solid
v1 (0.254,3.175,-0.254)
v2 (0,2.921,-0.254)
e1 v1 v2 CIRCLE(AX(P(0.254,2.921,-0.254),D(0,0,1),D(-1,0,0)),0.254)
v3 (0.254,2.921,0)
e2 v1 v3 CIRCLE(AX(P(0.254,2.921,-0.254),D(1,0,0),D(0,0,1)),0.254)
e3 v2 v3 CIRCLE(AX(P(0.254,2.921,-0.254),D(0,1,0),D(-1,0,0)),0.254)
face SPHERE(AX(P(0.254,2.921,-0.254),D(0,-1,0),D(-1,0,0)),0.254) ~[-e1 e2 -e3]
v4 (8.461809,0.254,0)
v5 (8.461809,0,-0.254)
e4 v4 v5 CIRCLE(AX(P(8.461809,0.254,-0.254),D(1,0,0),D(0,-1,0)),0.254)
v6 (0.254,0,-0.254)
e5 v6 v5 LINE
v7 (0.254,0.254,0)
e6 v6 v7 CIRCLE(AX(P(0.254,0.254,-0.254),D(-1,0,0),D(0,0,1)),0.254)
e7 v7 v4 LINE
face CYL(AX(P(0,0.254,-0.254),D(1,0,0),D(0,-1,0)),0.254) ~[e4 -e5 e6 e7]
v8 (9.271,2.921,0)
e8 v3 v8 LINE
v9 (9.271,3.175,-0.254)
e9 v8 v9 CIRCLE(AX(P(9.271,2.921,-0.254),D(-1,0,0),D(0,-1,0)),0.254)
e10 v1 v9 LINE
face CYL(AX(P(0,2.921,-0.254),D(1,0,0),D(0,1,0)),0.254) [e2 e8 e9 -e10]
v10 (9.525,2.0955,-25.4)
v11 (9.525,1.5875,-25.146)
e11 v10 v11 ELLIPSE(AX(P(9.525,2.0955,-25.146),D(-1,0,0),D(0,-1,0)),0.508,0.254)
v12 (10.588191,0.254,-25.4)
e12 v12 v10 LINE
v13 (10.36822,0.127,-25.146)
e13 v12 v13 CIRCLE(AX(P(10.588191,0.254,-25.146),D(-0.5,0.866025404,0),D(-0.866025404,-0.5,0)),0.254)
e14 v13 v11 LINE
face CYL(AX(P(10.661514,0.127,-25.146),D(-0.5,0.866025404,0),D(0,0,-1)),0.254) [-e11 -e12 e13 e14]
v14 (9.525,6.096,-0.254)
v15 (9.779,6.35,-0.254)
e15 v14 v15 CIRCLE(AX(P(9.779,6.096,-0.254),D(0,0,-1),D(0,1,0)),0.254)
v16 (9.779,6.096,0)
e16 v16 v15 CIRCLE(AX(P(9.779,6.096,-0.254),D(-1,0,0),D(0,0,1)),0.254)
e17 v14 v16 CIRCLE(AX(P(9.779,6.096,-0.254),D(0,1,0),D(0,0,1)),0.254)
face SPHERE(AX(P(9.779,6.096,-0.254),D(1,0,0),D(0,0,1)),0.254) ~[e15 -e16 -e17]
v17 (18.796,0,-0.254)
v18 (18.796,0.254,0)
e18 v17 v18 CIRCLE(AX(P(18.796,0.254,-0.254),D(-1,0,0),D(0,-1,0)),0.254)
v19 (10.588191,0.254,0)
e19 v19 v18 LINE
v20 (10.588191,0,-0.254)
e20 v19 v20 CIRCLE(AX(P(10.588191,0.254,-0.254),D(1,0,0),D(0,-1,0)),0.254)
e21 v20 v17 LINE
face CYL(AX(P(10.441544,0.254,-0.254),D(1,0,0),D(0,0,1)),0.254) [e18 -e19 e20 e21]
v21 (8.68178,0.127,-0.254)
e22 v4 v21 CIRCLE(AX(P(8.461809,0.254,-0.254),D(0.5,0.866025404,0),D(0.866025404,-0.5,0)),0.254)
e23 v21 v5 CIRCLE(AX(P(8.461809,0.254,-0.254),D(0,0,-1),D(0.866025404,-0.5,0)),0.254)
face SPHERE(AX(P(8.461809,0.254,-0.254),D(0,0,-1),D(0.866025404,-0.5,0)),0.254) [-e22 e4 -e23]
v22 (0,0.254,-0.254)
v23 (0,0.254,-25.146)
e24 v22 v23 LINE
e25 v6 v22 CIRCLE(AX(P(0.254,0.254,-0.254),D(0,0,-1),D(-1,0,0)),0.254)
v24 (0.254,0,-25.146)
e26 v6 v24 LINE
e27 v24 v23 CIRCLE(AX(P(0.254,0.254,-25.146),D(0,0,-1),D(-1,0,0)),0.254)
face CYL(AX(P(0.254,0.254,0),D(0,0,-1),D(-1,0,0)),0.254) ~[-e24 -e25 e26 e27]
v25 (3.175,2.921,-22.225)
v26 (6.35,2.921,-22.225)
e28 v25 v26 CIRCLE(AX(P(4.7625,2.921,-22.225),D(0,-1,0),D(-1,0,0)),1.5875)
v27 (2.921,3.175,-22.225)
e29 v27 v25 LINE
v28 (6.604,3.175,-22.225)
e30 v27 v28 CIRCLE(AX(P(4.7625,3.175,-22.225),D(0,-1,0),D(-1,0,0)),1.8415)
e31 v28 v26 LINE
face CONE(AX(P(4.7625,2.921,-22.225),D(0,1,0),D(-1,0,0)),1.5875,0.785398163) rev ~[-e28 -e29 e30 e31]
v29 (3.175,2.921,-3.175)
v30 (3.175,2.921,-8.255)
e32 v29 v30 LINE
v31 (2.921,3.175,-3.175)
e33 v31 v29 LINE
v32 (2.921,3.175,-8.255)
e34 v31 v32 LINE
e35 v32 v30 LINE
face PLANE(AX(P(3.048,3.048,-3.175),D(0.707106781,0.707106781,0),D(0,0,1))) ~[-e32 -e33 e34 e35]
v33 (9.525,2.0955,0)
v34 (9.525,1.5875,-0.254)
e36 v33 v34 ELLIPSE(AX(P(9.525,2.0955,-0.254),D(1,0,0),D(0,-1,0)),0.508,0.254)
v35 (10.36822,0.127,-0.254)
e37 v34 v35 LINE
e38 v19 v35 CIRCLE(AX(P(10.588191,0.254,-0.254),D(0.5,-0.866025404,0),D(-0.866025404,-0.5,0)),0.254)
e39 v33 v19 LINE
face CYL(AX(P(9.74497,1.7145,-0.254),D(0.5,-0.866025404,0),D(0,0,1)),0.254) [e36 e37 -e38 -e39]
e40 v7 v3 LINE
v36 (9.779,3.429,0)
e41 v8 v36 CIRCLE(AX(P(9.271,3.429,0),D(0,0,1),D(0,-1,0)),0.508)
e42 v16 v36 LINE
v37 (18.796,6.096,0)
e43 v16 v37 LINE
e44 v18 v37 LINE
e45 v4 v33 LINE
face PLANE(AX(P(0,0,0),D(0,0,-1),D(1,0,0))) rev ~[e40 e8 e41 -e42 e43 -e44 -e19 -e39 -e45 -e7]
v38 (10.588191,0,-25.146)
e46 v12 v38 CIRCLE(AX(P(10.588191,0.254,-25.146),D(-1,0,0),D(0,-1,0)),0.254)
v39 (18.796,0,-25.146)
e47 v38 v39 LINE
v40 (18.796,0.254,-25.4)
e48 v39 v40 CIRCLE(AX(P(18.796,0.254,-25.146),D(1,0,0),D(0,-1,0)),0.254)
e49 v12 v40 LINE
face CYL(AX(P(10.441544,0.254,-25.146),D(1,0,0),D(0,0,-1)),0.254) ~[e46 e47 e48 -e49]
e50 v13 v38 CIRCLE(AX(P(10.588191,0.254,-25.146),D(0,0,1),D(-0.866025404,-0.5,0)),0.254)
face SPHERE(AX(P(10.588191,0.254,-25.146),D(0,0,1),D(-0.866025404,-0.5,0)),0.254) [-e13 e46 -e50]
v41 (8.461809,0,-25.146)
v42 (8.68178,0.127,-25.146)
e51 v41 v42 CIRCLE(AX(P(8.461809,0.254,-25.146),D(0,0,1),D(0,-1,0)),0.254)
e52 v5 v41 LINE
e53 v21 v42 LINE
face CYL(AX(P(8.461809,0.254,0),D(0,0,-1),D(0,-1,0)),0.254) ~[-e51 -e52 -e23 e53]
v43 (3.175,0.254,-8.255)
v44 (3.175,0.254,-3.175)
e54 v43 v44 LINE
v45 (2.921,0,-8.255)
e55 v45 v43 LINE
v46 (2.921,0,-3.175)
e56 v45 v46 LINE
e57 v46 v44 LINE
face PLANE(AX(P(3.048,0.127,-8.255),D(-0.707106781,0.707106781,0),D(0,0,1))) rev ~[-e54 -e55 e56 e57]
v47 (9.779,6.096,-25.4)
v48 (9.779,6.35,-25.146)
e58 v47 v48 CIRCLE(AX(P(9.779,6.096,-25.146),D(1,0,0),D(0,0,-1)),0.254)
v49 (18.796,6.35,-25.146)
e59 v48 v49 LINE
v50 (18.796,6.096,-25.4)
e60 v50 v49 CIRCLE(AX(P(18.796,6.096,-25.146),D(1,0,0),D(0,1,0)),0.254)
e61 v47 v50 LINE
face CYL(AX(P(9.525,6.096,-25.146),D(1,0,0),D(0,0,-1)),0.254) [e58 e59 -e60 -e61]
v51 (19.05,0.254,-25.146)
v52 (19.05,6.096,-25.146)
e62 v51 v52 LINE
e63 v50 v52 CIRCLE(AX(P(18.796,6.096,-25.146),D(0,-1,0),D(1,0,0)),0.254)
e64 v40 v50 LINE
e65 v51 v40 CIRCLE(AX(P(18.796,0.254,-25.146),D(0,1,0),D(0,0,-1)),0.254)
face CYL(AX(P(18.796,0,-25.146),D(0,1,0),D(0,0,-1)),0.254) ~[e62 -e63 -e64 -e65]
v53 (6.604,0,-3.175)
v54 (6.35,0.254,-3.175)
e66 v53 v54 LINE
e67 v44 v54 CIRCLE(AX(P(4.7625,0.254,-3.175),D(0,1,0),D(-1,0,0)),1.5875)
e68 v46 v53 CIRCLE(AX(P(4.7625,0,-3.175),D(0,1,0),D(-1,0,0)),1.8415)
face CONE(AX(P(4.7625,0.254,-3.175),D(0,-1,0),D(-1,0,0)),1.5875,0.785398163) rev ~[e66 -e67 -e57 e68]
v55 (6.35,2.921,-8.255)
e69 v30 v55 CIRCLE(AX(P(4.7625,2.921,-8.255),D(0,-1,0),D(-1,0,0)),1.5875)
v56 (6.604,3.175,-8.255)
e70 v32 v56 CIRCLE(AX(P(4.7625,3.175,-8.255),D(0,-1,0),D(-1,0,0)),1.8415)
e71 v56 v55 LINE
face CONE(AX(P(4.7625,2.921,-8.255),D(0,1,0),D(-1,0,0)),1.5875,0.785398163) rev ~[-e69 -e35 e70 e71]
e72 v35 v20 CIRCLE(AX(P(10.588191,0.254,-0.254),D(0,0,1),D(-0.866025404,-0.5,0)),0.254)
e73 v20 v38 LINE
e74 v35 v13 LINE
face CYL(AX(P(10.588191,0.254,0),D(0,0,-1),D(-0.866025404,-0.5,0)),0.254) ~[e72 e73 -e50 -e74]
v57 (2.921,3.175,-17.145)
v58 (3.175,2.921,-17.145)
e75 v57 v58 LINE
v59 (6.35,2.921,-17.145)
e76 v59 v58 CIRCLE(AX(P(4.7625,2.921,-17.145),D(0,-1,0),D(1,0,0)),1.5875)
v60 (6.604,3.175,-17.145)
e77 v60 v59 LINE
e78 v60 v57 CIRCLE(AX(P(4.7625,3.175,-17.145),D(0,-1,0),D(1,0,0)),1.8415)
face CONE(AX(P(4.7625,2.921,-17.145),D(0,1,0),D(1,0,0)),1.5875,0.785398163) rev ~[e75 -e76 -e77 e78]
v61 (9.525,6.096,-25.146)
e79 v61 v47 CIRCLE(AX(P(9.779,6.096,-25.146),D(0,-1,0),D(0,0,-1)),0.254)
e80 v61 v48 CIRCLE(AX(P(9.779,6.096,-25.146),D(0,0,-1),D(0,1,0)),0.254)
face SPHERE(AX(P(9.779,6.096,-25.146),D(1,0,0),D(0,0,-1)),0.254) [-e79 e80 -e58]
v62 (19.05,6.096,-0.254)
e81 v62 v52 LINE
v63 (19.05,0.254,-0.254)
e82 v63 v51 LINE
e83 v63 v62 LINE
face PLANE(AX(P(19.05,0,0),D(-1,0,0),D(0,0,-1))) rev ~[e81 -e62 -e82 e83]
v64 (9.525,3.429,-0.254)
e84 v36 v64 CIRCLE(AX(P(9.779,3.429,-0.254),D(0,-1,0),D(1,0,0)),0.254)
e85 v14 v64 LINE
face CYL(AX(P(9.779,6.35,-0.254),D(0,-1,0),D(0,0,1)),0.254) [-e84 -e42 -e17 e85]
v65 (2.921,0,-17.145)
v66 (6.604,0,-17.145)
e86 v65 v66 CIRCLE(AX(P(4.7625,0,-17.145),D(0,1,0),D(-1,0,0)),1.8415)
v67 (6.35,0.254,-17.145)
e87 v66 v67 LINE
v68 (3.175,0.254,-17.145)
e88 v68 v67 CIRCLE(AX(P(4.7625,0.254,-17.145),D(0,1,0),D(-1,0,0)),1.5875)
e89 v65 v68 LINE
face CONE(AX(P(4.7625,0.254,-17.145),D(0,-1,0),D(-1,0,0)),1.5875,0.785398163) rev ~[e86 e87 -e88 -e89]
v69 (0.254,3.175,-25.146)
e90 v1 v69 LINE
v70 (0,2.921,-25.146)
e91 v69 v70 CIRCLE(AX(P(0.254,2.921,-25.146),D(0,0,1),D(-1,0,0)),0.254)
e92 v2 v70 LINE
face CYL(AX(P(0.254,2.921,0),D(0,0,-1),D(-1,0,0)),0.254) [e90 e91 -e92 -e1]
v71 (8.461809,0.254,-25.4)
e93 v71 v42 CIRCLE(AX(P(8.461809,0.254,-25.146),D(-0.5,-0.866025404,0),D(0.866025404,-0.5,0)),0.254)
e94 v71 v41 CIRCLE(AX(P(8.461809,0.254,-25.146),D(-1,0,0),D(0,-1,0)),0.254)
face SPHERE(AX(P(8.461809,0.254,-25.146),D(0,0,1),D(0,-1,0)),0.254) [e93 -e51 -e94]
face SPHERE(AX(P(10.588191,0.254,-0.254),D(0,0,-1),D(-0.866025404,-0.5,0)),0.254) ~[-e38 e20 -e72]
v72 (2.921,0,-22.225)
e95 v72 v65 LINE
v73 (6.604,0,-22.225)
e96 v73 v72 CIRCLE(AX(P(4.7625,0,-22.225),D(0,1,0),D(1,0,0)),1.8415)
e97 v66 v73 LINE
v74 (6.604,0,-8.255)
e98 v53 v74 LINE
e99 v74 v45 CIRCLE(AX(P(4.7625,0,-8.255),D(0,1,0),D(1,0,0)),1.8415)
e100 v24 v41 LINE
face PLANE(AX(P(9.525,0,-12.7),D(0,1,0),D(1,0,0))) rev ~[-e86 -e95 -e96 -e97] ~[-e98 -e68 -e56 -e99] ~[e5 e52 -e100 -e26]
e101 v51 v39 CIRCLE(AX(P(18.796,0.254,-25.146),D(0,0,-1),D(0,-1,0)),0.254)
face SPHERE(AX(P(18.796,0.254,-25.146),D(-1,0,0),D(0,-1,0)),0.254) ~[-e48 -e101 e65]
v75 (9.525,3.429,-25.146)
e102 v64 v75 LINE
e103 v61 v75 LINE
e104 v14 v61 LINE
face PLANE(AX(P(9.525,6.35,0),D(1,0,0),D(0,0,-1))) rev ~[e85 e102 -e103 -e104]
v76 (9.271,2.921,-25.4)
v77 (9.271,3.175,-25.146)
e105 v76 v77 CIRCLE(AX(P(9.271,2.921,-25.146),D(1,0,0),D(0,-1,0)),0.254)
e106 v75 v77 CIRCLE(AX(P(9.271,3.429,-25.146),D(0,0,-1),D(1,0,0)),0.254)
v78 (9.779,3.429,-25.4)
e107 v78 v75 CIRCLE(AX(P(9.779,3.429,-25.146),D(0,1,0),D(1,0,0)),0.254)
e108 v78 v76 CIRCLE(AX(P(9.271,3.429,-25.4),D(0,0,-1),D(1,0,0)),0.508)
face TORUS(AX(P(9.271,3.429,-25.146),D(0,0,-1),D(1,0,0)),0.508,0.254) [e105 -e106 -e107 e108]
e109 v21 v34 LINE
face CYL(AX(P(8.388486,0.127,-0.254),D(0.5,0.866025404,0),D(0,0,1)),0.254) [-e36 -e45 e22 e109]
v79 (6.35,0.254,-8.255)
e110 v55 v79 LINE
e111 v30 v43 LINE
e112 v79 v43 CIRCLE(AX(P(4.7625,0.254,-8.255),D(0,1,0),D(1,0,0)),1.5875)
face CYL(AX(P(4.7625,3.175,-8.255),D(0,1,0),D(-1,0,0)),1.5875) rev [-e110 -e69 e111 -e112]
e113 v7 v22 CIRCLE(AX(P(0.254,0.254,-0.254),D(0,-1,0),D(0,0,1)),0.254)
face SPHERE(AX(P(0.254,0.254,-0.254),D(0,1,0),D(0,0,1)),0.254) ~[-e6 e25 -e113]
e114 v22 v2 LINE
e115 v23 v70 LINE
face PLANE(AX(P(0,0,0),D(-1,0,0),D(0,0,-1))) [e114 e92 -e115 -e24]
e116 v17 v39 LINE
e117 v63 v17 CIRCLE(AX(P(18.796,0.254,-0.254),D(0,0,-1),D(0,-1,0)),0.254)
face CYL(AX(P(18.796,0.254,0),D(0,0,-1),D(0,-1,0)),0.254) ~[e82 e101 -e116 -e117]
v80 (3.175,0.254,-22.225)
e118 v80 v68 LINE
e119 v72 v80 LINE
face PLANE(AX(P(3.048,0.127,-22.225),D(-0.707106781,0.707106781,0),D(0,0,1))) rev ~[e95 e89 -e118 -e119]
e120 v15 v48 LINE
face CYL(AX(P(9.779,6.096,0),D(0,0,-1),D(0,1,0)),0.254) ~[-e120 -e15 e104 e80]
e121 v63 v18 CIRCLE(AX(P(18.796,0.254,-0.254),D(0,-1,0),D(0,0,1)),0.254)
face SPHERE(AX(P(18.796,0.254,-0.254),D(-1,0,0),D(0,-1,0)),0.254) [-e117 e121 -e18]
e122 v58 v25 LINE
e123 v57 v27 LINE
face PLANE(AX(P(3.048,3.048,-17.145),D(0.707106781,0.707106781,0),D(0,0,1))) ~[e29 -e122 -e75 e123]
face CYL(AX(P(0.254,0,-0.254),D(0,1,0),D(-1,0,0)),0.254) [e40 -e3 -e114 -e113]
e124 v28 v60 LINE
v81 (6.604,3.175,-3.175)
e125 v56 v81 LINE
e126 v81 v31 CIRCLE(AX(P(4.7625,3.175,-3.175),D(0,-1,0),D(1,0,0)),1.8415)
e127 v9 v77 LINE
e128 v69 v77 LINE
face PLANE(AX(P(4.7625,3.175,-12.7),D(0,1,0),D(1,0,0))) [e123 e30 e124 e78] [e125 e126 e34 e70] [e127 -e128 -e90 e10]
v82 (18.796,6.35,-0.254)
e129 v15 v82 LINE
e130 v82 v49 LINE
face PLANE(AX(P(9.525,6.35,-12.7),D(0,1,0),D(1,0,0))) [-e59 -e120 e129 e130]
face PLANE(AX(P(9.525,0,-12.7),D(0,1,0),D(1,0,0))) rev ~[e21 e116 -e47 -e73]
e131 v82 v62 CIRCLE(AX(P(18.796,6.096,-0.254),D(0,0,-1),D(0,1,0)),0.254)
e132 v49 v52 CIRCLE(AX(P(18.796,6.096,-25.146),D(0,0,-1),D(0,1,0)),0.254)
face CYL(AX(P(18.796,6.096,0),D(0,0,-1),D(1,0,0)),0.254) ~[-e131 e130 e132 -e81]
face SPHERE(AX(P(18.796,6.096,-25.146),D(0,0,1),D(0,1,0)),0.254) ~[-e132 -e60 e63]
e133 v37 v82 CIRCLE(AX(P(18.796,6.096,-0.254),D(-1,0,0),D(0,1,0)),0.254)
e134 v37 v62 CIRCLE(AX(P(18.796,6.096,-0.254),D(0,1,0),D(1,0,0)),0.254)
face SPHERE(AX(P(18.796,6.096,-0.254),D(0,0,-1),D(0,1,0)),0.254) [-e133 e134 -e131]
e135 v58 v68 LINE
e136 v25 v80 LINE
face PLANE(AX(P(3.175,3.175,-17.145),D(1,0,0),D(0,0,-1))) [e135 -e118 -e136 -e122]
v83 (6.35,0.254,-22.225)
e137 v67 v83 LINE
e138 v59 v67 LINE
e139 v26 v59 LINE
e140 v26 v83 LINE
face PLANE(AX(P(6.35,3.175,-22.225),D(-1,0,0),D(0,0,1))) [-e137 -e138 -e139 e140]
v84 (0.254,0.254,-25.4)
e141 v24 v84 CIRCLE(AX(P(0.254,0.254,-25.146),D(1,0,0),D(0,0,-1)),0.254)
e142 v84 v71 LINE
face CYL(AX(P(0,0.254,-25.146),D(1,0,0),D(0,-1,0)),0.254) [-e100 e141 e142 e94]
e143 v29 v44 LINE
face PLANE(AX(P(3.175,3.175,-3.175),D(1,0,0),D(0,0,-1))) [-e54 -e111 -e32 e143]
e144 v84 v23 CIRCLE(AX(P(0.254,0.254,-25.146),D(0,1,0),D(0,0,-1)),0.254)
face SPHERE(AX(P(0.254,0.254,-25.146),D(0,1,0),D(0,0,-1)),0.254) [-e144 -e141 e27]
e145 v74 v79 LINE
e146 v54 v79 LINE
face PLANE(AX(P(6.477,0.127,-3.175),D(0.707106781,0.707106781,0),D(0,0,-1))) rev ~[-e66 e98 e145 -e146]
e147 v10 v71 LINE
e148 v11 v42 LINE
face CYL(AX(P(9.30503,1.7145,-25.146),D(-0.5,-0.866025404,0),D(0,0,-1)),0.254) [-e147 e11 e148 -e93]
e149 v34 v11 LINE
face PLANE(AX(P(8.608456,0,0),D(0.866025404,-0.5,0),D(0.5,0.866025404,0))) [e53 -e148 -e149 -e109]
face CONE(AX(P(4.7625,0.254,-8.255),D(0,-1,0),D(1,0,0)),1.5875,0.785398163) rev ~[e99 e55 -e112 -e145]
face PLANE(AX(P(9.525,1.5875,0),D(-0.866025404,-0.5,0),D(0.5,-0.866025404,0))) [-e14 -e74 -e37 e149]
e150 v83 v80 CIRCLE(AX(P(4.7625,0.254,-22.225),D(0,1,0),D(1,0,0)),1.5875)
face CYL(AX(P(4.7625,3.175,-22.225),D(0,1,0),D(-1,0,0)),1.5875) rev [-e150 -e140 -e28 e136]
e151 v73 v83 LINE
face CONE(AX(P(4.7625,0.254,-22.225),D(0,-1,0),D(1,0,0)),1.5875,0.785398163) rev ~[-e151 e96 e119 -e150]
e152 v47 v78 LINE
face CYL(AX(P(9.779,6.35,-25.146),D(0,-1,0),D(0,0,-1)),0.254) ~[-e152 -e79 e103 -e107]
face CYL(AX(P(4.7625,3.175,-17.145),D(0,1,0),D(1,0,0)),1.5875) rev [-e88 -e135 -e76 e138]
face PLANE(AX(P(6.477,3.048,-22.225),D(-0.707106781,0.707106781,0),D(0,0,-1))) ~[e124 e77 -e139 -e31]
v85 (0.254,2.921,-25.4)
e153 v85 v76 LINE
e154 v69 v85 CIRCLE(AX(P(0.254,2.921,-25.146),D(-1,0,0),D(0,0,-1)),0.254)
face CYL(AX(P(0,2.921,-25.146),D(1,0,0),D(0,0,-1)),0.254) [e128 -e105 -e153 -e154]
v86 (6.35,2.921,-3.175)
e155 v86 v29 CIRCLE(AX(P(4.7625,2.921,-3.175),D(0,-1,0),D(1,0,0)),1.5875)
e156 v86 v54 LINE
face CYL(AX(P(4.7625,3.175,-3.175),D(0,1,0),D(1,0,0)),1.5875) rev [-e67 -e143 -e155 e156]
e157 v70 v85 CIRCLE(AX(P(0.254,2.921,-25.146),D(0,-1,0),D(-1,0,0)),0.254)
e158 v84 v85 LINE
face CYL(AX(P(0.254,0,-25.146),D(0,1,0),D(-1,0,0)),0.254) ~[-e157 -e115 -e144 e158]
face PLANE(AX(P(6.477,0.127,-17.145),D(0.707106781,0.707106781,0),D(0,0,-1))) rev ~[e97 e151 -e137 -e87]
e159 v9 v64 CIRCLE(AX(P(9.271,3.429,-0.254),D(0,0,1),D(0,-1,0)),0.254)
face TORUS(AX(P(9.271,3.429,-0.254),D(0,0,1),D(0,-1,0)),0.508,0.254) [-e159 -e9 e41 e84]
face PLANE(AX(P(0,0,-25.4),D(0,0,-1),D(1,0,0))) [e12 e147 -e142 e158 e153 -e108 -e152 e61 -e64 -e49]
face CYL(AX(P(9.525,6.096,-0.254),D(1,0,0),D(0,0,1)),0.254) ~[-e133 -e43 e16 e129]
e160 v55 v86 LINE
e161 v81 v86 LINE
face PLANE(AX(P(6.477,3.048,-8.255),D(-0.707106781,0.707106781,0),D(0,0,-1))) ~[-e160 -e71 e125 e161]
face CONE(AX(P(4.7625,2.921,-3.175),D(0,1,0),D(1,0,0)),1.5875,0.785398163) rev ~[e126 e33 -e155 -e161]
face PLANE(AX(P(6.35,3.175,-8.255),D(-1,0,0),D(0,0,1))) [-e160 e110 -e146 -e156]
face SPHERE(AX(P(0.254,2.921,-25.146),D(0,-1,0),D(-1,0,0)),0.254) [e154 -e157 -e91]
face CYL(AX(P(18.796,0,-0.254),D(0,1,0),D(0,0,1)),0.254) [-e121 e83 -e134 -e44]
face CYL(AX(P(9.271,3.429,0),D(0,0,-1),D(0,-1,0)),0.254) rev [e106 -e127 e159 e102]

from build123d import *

# Parameters (mm, degrees)
SKETCH1_W           = 19.05
SKETCH1_H           = 25.4
BOSS_EXTRUDE1_DEPTH = 6.35
SKETCH2_W           = 9.525
SKETCH2_H           = 25.4
CUT_EXTRUDE1_DEPTH  = 3.175
CUT_EXTRUDE2_DEPTH  = 26.4
CUT_EXTRUDE3_DEPTH  = 4.175
FILLET1_R           = 0.254
CHAMFER1_SIZE       = 0.254


with BuildPart() as part:
    # Sketch1 → Boss-Extrude1 (new body)
    with BuildSketch(Plane(origin=(0, 0, 0), x_dir=(1, 0, 0), z_dir=(0, 1, 0))):
        with Locations((9.525, 12.7)):
            Rectangle(SKETCH1_W, SKETCH1_H)
    extrude(amount=BOSS_EXTRUDE1_DEPTH)

    # Sketch2 → Cut-Extrude1 (cut)
    with BuildSketch(Plane(origin=(0, 6.35, 0), x_dir=(1, 0, 0), z_dir=(0, 1, 0))):
        with Locations((4.7625, 12.7)):
            Rectangle(SKETCH2_W, SKETCH2_H)
    extrude(amount=-CUT_EXTRUDE1_DEPTH, mode=Mode.SUBTRACT)

    # Sketch3 → Cut-Extrude2 (cut, through all)
    with BuildSketch(Plane.XY):
        Polygon((8.608456448, 0), (9.525, 1.5875), (10.441543552, 0), align=None)
    extrude(amount=-CUT_EXTRUDE2_DEPTH, mode=Mode.SUBTRACT)

    # Sketch4 → Cut-Extrude3 (cut, through all)
    with BuildSketch(Plane(origin=(0, 3.175, 0), x_dir=(1, 0, 0), z_dir=(0, 1, 0))):
        with BuildLine():
            Line((6.35, 22.225), (6.35, 17.145))
            ThreePointArc((6.35, 17.145), (4.7625, 15.5575), (3.175, 17.145))
            Line((3.175, 17.145), (3.175, 22.225))
            ThreePointArc((3.175, 22.225), (4.7625, 23.8125), (6.35, 22.225))
        make_face()
        with BuildLine():
            Line((6.35, 8.255), (6.35, 3.175))
            ThreePointArc((6.35, 3.175), (4.7625, 1.5875), (3.175, 3.175))
            Line((3.175, 3.175), (3.175, 8.255))
            ThreePointArc((3.175, 8.255), (4.7625, 9.8425), (6.35, 8.255))
        make_face()
    extrude(amount=-CUT_EXTRUDE3_DEPTH, mode=Mode.SUBTRACT)

    # Fillet1
    fillet1_edges = [part.edges().sort_by_distance(p)[0] for p in [
        (19.05, 6.35, -12.7),
        (14.2875, 6.35, -25.4),
        (14.2875, 6.35, 0),
        (0, 1.5875, -25.4),
        (0, 1.5875, 0),
        (0, 3.175, -12.7),
        (4.7625, 3.175, -25.4),
        (9.525, 3.175, -12.7),
        (9.525, 4.7625, -25.4),
        (4.7625, 3.175, 0),
        (9.525, 4.7625, 0),
        (9.525, 6.35, -12.7),
        (4.304228224, 0, -25.4),
        (14.745771776, 0, 0),
        (10.441543552, 0, -12.7),
        (9.066728224, 0.79375, -25.4),
        (8.608456448, 0, -12.7),
        (9.983271776, 0.79375, -25.4),
        (9.983271776, 0.79375, 0),
        (9.066728224, 0.79375, 0),
        (14.745771776, 0, -25.4),
        (19.05, 0, -12.7),
        (4.304228224, 0, 0),
        (0, 0, -12.7),
        (19.05, 3.175, -25.4),
        (19.05, 3.175, 0),
    ]]
    fillet(fillet1_edges, radius=FILLET1_R)

    # Chamfer1
    chamfer1_edges = [part.edges().sort_by_distance(p)[0] for p in [
        (4.7625, 0, -23.8125),
        (6.35, 0, -19.685),
        (4.7625, 0, -15.5575),
        (3.175, 0, -19.685),
        (4.7625, 3.175, -23.8125),
        (3.175, 3.175, -19.685),
        (4.7625, 3.175, -15.5575),
        (6.35, 3.175, -19.685),
        (4.7625, 0, -9.8425),
        (6.35, 0, -5.715),
        (4.7625, 0, -1.5875),
        (3.175, 0, -5.715),
        (4.7625, 3.175, -9.8425),
        (3.175, 3.175, -5.715),
        (4.7625, 3.175, -1.5875),
        (6.35, 3.175, -5.715),
    ]]
    chamfer(chamfer1_edges, length=CHAMFER1_SIZE)


solid = part.part
